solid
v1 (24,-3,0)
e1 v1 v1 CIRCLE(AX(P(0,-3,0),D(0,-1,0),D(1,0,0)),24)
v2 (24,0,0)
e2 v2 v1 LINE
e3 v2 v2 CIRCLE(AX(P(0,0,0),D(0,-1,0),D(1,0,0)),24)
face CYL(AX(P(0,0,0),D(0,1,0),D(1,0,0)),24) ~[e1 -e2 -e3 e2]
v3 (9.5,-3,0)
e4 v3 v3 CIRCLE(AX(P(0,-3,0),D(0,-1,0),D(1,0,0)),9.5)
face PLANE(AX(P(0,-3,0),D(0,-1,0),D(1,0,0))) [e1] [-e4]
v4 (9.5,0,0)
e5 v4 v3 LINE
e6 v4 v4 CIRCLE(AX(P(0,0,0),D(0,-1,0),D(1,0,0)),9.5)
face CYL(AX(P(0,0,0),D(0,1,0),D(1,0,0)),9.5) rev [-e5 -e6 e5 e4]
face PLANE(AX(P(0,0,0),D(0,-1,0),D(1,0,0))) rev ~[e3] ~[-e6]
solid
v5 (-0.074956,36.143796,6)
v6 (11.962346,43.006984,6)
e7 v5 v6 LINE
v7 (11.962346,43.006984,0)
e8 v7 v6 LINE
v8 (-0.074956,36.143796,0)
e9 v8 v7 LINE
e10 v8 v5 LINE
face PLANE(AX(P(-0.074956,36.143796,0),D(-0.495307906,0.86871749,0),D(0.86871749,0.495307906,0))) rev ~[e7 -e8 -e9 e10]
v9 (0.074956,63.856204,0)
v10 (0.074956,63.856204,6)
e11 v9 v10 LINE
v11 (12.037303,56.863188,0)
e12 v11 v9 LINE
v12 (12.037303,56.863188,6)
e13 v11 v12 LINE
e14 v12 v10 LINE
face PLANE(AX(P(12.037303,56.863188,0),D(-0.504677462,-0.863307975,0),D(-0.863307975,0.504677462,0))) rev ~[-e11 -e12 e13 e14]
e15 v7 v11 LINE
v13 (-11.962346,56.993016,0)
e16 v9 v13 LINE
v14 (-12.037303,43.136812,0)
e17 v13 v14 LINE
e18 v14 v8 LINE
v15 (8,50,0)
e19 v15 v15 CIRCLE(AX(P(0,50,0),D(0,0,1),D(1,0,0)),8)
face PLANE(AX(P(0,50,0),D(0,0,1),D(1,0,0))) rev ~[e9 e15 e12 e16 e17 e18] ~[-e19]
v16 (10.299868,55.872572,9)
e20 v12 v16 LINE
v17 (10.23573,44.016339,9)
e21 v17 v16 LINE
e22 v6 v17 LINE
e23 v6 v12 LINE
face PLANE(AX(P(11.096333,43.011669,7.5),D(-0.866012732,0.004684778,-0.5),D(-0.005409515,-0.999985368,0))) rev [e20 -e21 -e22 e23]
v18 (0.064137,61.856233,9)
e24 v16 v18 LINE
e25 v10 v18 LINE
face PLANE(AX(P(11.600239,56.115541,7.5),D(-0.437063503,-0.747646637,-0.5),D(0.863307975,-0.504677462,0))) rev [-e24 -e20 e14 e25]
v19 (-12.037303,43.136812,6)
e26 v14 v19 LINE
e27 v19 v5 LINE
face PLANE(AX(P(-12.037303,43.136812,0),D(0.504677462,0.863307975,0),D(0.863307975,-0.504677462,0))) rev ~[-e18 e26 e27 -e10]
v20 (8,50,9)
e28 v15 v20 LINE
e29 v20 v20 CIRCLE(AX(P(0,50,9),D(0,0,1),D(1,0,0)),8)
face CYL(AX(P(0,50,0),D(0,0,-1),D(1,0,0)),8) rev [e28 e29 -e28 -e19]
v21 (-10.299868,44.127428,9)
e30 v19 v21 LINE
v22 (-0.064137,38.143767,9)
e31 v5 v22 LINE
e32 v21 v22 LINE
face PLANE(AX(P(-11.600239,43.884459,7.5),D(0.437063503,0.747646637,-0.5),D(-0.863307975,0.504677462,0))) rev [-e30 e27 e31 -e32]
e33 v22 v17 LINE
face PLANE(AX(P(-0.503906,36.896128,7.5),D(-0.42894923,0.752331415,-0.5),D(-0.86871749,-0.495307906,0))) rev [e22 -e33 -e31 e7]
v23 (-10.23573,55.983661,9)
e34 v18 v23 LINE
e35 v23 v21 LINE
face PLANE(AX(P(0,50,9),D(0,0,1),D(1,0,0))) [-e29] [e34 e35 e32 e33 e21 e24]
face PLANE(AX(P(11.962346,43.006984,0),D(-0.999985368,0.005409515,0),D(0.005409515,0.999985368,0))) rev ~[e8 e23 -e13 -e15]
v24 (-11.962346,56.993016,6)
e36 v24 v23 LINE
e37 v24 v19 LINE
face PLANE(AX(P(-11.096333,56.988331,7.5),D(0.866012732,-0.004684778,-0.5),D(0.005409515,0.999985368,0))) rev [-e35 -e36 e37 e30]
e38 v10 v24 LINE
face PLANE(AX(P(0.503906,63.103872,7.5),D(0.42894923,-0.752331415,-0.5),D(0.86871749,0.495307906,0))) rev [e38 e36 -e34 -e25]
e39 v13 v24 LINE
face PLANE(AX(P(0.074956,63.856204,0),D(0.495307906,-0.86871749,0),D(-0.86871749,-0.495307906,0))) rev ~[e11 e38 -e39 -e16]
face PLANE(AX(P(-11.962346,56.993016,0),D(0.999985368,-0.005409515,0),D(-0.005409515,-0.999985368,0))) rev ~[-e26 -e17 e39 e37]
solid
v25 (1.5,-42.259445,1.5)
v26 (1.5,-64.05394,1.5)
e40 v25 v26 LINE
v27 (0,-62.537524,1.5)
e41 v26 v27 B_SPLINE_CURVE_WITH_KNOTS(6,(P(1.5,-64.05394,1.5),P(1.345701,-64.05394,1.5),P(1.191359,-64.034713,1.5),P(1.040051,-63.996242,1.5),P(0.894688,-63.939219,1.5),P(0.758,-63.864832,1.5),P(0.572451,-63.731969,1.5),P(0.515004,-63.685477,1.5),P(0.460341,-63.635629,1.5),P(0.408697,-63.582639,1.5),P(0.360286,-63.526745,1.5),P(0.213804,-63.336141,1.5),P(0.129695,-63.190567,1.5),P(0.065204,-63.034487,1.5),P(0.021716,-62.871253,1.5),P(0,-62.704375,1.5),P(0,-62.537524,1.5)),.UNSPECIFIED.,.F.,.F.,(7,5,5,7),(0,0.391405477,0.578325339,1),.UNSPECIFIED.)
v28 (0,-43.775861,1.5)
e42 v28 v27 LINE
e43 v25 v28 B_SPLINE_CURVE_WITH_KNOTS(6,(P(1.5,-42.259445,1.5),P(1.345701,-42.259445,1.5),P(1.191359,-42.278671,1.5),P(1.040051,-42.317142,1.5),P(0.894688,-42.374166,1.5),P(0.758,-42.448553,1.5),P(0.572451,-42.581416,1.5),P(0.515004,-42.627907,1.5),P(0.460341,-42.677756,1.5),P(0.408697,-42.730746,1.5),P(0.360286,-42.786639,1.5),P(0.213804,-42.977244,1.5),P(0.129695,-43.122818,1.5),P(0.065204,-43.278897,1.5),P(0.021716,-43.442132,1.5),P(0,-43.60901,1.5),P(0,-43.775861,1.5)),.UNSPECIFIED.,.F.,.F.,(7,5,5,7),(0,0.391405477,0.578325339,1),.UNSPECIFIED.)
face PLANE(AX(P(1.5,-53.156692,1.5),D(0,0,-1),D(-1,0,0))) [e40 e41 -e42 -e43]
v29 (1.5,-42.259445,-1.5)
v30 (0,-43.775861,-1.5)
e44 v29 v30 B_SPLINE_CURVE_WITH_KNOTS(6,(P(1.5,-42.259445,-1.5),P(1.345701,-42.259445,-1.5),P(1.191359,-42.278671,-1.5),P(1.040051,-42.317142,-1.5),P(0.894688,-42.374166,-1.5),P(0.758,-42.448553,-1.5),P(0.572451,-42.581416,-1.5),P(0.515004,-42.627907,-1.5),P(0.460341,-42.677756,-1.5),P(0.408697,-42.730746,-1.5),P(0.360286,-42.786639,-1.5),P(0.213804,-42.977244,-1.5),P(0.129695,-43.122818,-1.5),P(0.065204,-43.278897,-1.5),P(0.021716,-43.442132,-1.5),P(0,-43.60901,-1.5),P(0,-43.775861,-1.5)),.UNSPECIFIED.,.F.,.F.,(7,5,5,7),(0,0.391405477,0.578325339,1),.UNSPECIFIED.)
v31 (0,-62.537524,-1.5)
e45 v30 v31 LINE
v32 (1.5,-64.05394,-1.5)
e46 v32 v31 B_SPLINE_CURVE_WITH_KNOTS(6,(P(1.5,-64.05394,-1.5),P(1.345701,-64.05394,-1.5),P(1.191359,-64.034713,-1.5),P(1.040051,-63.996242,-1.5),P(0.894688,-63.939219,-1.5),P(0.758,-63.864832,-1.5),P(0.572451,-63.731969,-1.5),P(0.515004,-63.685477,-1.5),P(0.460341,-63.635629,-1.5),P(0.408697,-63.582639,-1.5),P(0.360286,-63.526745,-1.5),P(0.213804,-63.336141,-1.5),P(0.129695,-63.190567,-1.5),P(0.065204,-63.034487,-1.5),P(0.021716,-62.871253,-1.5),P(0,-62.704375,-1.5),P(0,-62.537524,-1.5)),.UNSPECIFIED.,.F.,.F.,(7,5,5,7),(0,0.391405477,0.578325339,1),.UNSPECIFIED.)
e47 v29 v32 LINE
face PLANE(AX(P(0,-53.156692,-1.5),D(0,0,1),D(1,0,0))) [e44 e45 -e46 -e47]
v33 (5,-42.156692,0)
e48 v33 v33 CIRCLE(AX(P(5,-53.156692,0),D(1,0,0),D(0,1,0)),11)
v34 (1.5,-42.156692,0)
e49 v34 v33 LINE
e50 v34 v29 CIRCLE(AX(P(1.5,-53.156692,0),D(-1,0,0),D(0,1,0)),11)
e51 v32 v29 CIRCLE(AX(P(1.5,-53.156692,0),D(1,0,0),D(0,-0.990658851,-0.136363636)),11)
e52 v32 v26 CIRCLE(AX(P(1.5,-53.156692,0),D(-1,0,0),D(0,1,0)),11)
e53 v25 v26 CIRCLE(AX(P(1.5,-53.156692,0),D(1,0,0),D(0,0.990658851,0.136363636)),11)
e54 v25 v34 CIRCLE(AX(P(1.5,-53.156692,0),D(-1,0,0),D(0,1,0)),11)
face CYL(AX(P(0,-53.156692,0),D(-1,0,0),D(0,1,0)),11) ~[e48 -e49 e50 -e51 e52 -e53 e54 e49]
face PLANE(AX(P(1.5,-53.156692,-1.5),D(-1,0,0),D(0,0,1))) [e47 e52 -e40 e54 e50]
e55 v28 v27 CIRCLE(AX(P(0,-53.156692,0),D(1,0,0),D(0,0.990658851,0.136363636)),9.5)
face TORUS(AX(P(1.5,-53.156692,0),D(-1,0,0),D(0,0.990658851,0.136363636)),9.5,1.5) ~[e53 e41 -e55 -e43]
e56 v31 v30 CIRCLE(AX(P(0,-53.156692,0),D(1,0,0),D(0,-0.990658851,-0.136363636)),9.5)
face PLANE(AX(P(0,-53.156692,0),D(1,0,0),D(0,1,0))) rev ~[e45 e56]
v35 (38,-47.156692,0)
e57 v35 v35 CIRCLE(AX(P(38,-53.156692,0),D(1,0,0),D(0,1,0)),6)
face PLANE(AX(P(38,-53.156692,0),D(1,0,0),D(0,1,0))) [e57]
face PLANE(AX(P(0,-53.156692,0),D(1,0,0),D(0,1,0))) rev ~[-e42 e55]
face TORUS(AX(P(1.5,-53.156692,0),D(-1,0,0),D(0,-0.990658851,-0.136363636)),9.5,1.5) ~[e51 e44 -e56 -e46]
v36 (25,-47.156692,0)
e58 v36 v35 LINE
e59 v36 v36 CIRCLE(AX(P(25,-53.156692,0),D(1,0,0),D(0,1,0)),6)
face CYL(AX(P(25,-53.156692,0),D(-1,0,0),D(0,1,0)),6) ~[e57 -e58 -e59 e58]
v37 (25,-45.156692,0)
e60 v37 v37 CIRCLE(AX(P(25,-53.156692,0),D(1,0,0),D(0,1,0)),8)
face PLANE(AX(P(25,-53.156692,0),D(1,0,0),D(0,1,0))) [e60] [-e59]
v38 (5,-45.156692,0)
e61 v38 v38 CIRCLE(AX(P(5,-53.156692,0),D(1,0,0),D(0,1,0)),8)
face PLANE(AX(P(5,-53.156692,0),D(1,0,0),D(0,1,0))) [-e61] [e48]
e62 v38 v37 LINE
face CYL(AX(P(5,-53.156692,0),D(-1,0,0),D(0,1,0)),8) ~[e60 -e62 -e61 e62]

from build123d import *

# Parameters (mm, degrees)
F0_R           = 24
F0_R_2         = 9.5
F1_DEPTH       = 3
F2_R           = 8
F3_DEPTH       = 9
F4_SIZE2       = 1.7320508076
F4_SIZE        = 3
F5_R           = 11
F6_DEPTH       = 5
F7_R           = 8
F8_DEPTH       = 20
F9_R           = 6
F10_DEPTH      = 13
F13_DEPTH      = 11.001
F13_DEPTH_BACK = 117.0138960066
F14_R          = 1.5


with BuildPart() as f1:
    # F0 (on Front) → F1 (new body)
    with BuildSketch(Plane.XZ):
        Circle(F0_R)
        Circle(F0_R_2, mode=Mode.SUBTRACT)
    extrude(amount=F1_DEPTH)


with BuildPart() as f3:
    # F2 (on Top) → F3 (new body)
    with BuildSketch(Plane.XY):
        Polygon((0.0749564451, 63.85620372), (-11.962346199, 56.9930160457), (-12.0373026441, 43.1368123256), (-0.0749564451, 36.14379628), (11.962346199, 43.0069839543), (12.0373026441, 56.8631876744), align=None)
        with Locations((0, 50)):
            Circle(F2_R, mode=Mode.SUBTRACT)
    extrude(amount=F3_DEPTH)

    # F4
    f4_edges = [f3.edges().sort_by_distance(p)[0] for p in [
        (11.999824, 49.935086, 9),
        (5.943695, 39.57539, 9),
        (-6.05613, 39.640304, 9),
        (6.05613, 60.359696, 9),
        (-5.943695, 60.42461, 9),
        (-11.999824, 50.064914, 9),
    ]]
    chamfer(f4_edges, length=F4_SIZE, length2=F4_SIZE2)


with BuildPart() as f6:
    # F5 (on Right) → F6 (new body)
    with BuildSketch(Plane.YZ):
        with Locations((-53.1566922865, 0)):
            Circle(F5_R)
    extrude(amount=F6_DEPTH)

    # F7 (on face) → F8 (join)
    with BuildSketch(Plane.YZ.offset(5)):
        with Locations((-53.1566922865, 0)):
            Circle(F7_R)
    extrude(amount=F8_DEPTH)

    # F9 (on face) → F10 (join)
    with BuildSketch(Plane.YZ.offset(25)):
        with Locations((-53.1566922865, 0)):
            Circle(F9_R)
    extrude(amount=F10_DEPTH)

    # F12 (on plane+point) → F13 (cut, two sides)
    with BuildSketch(Plane.XZ.offset(53.1566922865)) as f13_sk:
        Polygon((1.5, 1.5), (0, 1.5), (0, 0), (0, -1.5), (1.5, -1.5), align=None)
    extrude(amount=F13_DEPTH, mode=Mode.SUBTRACT)
    extrude(f13_sk.sketch, amount=-F13_DEPTH_BACK, mode=Mode.SUBTRACT)

    # F14
    f14_edges = [f6.edges().sort_by_distance(p)[0] for p in [
        (0, -53.156692, 11),
        (0, -53.156692, -11),
    ]]
    fillet(f14_edges, radius=F14_R)


solid = Compound([f1.part, f3.part, f6.part])
